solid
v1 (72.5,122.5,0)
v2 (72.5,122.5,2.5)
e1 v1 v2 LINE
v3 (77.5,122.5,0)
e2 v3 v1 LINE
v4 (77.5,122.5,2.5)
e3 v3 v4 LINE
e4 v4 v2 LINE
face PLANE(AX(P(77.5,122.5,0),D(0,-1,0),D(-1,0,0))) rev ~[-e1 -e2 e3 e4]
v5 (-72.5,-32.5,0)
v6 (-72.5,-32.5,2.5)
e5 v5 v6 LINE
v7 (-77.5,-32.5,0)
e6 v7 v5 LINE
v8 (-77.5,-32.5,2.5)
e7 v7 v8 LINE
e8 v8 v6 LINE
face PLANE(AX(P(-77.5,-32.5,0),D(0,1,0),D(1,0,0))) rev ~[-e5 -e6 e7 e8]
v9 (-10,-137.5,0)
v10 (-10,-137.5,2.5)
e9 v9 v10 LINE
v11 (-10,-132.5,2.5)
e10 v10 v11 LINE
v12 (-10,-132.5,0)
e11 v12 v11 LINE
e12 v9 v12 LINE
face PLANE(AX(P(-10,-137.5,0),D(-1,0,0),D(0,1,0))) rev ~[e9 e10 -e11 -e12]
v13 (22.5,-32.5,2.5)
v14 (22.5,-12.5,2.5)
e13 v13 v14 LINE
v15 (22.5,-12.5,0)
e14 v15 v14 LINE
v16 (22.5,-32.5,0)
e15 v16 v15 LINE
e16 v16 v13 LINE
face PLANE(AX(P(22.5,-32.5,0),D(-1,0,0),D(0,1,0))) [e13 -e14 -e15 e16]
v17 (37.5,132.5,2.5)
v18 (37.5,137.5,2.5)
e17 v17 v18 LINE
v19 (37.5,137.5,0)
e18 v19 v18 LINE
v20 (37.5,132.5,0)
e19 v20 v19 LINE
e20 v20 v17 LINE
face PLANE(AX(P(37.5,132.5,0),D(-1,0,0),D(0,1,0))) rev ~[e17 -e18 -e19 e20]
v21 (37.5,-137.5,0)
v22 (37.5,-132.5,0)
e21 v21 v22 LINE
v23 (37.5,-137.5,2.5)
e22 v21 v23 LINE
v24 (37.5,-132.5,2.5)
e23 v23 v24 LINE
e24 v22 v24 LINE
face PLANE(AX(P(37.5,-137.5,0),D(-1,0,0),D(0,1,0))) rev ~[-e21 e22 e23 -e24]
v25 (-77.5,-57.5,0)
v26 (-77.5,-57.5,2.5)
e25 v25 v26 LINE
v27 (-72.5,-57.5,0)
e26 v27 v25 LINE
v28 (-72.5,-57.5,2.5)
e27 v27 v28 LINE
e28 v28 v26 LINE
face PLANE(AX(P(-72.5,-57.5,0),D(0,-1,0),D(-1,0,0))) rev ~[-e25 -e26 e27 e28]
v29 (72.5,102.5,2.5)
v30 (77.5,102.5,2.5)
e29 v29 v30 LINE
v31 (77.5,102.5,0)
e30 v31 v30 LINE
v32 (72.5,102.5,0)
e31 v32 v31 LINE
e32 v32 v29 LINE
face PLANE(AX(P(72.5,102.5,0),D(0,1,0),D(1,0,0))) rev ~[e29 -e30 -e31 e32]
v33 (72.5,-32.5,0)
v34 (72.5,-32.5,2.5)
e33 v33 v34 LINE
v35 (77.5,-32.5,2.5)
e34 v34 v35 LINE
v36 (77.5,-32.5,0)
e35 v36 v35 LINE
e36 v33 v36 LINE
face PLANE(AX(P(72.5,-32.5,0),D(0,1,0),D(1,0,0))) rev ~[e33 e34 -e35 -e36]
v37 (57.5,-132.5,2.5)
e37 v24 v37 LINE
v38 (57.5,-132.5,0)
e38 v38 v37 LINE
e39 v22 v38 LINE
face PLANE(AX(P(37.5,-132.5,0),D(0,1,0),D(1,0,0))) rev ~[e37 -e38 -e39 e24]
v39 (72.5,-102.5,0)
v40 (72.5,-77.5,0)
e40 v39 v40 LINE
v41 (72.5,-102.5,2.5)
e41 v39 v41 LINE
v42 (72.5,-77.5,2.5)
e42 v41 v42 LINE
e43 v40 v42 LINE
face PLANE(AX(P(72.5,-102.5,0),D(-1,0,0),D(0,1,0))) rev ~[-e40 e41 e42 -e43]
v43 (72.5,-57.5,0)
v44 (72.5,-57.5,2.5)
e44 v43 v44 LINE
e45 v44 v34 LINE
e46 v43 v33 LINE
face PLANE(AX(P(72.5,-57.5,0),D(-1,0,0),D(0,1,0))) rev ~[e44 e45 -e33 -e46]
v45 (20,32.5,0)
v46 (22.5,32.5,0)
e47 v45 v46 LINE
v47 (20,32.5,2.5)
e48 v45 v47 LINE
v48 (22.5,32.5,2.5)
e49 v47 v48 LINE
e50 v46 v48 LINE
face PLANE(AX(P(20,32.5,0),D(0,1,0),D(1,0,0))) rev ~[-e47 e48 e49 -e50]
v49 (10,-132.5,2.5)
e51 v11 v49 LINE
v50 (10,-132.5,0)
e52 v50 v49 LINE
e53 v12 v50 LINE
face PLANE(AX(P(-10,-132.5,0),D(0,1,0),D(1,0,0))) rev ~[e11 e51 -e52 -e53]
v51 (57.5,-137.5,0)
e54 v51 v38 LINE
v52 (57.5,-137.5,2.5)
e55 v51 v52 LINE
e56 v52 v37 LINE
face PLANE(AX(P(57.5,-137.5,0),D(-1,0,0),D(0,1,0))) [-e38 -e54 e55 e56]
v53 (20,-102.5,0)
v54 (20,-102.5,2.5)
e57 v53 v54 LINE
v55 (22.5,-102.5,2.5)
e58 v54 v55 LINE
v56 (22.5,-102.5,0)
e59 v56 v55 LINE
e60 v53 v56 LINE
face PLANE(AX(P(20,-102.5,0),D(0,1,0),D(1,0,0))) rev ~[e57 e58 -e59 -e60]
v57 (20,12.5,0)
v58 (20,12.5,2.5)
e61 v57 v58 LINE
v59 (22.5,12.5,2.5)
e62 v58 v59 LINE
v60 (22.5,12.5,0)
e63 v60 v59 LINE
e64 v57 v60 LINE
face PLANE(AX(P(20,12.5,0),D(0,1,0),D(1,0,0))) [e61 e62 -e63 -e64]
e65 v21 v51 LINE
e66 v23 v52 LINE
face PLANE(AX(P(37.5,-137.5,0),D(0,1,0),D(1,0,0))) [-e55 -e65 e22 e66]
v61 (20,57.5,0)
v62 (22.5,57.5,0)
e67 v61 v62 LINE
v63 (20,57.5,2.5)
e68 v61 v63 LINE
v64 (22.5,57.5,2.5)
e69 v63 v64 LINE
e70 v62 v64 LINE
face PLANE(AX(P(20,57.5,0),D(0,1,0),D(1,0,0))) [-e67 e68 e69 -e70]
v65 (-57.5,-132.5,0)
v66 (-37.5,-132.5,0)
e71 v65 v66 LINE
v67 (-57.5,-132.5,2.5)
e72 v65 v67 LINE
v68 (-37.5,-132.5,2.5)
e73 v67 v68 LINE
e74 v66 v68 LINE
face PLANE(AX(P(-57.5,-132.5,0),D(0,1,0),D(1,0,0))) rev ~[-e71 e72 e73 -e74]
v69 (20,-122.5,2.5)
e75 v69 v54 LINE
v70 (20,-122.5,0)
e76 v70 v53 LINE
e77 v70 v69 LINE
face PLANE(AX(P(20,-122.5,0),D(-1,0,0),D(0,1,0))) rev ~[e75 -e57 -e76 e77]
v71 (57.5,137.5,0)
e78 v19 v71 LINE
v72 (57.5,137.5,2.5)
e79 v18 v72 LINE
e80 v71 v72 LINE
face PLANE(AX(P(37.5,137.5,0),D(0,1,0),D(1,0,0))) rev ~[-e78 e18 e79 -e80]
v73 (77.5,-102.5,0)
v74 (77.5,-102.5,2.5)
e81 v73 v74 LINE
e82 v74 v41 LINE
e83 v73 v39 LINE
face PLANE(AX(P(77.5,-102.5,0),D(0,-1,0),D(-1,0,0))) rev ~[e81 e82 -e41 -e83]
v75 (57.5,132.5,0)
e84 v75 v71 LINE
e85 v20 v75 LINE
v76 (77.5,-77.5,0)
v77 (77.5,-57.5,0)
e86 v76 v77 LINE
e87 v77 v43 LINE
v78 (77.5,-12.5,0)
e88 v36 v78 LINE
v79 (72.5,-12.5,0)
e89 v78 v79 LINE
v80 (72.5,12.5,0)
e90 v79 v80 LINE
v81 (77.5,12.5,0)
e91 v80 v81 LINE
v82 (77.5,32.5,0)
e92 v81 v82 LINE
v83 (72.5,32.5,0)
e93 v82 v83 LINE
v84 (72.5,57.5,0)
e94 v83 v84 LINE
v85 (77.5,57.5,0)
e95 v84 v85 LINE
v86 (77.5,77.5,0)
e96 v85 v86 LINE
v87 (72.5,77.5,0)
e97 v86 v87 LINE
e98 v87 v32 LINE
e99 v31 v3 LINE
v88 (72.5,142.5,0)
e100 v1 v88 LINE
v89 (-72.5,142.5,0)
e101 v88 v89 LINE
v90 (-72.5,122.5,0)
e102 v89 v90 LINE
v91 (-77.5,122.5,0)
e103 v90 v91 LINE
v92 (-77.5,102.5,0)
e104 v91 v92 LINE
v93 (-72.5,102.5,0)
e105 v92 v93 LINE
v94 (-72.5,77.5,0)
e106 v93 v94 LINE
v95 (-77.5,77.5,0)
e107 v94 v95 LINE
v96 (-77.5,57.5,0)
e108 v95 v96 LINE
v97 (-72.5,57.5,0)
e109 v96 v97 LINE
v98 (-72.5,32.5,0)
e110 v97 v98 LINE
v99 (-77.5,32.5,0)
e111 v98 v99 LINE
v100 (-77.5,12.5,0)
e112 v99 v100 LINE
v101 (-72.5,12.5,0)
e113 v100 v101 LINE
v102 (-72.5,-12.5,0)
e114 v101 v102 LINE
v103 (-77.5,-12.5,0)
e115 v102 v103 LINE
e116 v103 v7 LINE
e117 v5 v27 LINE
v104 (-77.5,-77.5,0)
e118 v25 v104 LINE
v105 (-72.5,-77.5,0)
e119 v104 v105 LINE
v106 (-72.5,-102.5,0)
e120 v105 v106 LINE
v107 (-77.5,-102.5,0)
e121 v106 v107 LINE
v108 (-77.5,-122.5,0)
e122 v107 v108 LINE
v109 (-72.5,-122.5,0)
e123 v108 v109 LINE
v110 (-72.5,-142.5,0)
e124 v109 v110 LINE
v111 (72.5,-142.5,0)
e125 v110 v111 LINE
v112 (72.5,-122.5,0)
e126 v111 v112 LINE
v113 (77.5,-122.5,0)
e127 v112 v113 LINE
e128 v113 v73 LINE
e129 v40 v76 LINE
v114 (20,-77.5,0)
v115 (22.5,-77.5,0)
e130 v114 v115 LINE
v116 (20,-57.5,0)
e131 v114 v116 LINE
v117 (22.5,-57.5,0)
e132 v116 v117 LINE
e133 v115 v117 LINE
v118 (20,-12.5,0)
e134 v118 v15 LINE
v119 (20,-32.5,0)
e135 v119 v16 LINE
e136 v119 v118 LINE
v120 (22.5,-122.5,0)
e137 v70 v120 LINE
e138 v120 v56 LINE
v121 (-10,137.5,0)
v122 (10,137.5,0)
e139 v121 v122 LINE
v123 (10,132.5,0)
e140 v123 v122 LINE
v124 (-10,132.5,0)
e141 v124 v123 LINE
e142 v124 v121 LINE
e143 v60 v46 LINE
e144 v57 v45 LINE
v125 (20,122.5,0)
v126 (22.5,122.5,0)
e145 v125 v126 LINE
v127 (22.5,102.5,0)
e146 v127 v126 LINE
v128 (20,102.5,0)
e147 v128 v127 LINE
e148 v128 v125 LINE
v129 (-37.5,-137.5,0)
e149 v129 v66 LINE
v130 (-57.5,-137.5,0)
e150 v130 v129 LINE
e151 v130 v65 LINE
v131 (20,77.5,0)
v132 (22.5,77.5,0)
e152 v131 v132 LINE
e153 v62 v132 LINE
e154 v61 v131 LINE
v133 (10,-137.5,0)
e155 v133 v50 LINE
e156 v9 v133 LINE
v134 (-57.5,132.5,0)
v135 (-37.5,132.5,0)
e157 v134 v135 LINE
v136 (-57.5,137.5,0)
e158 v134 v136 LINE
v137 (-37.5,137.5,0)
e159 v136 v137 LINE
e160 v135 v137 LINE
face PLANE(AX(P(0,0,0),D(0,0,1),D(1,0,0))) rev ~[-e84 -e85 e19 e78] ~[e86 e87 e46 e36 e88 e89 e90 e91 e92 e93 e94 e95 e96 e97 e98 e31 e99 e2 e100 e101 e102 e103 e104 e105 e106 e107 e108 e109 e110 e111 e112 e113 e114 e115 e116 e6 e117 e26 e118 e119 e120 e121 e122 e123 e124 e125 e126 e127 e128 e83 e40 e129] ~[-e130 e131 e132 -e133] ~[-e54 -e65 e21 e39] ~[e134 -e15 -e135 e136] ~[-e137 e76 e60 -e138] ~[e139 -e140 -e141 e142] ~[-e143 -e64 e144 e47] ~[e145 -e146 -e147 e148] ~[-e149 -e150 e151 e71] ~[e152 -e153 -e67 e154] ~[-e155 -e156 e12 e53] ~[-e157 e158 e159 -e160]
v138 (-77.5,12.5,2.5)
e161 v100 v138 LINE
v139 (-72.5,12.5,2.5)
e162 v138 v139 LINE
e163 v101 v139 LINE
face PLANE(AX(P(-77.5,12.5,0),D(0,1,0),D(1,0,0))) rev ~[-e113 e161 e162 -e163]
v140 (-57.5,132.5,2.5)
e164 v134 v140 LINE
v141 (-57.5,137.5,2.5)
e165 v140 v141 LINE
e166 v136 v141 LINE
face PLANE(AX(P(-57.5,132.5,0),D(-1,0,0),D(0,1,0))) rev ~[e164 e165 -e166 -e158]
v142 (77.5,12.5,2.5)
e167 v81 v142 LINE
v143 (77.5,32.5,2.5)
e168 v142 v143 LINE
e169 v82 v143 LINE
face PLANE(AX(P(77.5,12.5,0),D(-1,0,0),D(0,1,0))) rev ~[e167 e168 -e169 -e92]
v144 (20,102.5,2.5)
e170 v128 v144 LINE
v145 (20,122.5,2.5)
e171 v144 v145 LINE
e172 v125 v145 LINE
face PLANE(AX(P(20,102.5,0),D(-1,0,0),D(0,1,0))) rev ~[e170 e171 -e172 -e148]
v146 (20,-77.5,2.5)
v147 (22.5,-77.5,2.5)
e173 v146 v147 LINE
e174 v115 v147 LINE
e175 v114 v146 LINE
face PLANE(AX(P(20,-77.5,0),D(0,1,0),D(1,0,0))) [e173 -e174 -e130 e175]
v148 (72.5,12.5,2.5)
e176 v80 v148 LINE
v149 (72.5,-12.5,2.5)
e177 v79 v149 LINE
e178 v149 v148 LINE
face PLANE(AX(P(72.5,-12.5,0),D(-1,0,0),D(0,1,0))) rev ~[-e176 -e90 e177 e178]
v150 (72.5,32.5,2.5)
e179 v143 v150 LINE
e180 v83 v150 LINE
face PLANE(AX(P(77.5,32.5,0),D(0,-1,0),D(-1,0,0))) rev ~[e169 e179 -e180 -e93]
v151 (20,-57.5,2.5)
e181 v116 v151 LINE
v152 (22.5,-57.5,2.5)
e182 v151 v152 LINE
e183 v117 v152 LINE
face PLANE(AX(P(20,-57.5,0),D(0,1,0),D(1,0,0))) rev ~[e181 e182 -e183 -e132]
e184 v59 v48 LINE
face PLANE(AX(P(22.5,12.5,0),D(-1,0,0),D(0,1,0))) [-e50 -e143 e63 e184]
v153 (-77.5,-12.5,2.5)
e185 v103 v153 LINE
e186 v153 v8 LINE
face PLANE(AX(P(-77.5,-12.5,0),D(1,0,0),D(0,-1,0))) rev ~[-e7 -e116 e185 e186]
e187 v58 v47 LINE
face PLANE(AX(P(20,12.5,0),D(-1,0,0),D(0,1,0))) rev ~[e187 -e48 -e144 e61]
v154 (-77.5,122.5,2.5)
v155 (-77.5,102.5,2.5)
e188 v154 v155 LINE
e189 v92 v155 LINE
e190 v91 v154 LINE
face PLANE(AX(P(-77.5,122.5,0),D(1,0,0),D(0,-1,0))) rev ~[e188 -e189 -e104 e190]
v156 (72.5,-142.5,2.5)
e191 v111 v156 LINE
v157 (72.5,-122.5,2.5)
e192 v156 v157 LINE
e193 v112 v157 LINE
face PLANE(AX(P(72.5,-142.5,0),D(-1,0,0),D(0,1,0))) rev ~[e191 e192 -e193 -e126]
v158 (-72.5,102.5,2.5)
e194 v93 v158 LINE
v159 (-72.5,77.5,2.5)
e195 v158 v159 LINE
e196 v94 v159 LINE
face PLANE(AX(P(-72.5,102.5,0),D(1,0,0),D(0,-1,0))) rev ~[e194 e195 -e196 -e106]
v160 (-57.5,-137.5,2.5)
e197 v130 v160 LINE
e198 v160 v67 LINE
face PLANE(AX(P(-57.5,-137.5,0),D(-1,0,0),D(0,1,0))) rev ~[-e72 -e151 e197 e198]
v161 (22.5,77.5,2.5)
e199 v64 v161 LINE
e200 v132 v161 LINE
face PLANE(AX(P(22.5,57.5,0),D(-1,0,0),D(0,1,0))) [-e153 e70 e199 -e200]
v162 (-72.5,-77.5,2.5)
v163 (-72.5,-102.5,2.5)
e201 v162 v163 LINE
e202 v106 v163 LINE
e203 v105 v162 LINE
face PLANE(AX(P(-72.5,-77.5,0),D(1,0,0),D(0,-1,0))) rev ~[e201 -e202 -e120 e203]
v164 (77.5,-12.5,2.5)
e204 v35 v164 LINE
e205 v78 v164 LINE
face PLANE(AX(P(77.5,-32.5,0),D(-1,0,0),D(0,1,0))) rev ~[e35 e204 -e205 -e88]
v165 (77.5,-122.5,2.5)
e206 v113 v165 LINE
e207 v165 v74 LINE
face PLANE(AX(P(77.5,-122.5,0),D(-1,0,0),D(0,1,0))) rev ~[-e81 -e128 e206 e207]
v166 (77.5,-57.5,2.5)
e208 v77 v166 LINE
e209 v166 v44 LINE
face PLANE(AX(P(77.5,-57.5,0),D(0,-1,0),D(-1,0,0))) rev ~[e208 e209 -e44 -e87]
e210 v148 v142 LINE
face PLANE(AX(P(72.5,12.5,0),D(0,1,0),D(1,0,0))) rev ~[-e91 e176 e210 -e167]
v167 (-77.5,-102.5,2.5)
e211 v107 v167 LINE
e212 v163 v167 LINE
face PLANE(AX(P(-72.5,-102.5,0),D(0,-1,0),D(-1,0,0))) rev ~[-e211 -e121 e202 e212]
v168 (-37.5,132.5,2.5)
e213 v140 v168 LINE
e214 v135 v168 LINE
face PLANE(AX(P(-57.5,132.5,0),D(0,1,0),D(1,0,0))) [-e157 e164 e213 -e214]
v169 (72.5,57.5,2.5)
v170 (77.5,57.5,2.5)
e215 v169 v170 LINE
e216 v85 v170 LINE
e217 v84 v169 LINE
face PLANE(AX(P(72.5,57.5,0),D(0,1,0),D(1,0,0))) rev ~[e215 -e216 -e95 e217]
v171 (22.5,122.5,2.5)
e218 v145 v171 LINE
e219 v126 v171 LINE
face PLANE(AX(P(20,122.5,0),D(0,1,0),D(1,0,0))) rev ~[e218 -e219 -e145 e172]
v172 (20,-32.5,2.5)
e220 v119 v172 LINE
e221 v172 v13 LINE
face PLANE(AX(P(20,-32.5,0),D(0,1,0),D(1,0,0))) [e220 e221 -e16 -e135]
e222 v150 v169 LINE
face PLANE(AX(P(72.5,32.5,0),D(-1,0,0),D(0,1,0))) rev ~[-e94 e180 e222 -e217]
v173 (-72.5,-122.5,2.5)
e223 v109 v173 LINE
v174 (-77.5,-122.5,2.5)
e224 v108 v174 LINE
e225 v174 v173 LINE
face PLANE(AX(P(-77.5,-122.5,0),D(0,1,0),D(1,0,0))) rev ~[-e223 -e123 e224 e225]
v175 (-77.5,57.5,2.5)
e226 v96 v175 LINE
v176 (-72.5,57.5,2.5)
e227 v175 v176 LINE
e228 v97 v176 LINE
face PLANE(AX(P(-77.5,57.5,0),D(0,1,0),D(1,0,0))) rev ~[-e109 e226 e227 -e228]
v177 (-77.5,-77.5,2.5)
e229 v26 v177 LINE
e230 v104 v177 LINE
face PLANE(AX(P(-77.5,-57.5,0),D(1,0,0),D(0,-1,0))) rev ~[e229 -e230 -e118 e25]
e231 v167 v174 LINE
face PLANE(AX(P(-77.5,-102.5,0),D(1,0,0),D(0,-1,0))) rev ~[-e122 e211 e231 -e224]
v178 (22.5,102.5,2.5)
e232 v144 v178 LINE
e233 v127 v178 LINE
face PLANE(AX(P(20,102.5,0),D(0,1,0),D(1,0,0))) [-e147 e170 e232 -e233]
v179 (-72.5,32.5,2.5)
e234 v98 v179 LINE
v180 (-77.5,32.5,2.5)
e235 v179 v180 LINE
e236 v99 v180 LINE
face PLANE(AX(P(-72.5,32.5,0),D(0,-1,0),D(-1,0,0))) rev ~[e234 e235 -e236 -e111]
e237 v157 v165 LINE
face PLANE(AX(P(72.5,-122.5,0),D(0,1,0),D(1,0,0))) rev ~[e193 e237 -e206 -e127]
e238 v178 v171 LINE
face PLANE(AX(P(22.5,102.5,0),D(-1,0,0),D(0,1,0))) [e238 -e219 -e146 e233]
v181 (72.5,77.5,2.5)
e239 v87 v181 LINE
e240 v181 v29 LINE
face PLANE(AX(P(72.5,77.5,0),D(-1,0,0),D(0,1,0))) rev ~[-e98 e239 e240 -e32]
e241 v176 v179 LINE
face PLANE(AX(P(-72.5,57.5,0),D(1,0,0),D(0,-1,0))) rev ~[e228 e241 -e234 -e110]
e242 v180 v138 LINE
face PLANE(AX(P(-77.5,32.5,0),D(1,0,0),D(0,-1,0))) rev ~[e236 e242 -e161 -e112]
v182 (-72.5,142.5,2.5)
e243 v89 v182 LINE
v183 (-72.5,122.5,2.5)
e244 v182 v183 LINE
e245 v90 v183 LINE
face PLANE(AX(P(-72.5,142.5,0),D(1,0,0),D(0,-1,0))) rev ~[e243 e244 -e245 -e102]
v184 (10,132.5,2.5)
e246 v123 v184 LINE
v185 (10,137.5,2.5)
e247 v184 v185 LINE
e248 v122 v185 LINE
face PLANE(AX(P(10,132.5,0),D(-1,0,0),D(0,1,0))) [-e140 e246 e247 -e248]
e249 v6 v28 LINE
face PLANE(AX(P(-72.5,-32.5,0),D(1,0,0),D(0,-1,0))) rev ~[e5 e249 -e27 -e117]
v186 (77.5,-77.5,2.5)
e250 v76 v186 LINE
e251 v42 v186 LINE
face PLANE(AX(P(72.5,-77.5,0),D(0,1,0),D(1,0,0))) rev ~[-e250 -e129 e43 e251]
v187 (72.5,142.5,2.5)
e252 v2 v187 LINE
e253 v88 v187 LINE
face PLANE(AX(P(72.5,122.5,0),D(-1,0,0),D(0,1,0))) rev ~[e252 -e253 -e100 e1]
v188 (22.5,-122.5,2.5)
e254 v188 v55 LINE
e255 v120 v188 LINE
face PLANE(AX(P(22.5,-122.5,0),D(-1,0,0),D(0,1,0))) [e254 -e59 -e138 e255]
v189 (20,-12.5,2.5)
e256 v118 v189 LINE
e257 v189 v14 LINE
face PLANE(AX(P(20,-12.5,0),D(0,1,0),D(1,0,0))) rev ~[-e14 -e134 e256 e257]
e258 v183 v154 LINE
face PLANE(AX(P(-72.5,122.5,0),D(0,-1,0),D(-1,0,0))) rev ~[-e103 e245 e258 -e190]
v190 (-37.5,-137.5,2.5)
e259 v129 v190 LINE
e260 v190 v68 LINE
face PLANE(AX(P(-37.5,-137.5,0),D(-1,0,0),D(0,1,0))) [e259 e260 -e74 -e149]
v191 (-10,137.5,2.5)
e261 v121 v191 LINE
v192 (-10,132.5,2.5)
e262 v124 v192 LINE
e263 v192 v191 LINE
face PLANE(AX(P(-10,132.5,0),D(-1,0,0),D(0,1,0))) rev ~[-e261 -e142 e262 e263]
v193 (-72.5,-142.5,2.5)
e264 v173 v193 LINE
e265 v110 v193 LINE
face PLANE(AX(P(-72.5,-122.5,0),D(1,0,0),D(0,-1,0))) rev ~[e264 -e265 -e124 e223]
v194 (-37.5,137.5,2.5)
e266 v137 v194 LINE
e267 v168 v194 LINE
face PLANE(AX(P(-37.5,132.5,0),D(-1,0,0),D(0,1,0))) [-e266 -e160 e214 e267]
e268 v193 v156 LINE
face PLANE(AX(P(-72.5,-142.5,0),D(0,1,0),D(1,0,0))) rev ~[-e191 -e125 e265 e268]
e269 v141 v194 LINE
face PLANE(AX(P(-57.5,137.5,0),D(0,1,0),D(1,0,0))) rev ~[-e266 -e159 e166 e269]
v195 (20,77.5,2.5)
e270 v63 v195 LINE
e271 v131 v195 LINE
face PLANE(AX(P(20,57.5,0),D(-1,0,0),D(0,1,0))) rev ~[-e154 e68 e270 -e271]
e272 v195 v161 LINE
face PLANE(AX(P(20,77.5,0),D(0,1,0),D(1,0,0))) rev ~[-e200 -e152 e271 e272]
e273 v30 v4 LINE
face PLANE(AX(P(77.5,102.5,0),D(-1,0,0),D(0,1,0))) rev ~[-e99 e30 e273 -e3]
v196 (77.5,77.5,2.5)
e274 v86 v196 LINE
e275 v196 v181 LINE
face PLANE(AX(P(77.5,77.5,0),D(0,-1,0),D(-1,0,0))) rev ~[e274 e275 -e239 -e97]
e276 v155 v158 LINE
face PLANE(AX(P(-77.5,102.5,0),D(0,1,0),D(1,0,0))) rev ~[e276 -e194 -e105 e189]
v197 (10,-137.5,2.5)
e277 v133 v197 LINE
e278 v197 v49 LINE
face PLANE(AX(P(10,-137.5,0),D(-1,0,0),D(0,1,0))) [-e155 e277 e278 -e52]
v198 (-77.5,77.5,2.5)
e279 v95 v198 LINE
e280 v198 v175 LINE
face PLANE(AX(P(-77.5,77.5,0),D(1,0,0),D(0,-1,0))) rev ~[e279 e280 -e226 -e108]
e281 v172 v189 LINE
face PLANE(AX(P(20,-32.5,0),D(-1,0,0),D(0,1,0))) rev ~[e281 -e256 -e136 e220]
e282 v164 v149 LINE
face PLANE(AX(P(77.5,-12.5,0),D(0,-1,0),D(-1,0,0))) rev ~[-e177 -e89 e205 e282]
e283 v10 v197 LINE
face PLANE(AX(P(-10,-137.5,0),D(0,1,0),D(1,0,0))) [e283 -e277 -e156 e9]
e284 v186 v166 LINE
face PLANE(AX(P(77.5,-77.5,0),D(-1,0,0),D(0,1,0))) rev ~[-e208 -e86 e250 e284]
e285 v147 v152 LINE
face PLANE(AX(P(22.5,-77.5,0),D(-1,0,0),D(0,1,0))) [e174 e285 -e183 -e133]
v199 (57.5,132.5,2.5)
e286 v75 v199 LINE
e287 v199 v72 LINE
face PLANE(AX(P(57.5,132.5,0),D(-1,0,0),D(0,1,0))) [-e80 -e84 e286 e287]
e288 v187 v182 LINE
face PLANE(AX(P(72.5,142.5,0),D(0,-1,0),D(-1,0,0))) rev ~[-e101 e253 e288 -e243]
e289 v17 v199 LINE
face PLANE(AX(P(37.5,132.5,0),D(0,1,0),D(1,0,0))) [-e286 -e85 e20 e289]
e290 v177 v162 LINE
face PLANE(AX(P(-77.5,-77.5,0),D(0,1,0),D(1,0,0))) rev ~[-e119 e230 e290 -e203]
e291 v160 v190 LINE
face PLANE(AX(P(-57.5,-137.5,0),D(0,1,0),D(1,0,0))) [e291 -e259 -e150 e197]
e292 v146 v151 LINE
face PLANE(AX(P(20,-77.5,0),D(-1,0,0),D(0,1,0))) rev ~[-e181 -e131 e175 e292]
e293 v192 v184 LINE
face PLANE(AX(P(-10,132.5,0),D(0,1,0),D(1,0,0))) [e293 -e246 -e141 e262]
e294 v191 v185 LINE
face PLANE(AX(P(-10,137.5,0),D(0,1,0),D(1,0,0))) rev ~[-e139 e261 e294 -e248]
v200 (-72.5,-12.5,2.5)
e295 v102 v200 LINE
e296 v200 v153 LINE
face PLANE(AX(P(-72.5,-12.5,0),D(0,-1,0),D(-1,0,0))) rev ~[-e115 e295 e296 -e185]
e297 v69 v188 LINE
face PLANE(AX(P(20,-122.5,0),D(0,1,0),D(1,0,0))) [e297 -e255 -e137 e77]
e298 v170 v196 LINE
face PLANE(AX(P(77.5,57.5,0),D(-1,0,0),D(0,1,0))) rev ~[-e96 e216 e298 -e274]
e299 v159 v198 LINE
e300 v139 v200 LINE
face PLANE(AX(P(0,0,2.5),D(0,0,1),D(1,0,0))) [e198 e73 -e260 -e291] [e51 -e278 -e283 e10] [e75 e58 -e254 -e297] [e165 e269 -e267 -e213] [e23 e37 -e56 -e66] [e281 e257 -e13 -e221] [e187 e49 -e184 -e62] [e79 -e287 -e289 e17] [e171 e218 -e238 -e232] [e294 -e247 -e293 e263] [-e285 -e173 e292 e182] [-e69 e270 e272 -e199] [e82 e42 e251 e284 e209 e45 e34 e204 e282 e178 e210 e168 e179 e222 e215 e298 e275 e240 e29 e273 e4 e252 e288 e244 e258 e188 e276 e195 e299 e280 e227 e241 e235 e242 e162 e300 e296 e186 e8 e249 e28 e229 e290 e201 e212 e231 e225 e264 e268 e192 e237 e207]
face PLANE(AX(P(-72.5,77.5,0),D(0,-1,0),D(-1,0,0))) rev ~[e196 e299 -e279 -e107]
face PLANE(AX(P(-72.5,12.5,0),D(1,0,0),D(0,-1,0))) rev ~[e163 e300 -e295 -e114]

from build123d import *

# Parameters (mm, degrees)
SKETCH1_W           = 20
SKETCH1_H           = 5
SKETCH1_W_2         = 2.5
SKETCH1_H_2         = 20
BOSS_EXTRUDE1_DEPTH = 2.5


with BuildPart() as part:
    # Sketch1 → Boss-Extrude1 (new body)
    with BuildSketch(Plane.XY):
        Polygon((-72.5, 122.5), (-77.5, 122.5), (-77.5, 102.5), (-72.5, 102.5), (-72.5, 77.5), (-77.5, 77.5), (-77.5, 57.5), (-72.5, 57.5), (-72.5, 32.5), (-77.5, 32.5), (-77.5, 12.5), (-72.5, 12.5), (-72.5, -12.5), (-77.5, -12.5), (-77.5, -32.5), (-72.5, -32.5), (-72.5, -57.5), (-77.5, -57.5), (-77.5, -77.5), (-72.5, -77.5), (-72.5, -102.5), (-77.5, -102.5), (-77.5, -122.5), (-72.5, -122.5), (-72.5, -142.5), (72.5, -142.5), (72.5, -122.5), (77.5, -122.5), (77.5, -102.5), (72.5, -102.5), (72.5, -77.5), (77.5, -77.5), (77.5, -57.5), (72.5, -57.5), (72.5, -32.5), (77.5, -32.5), (77.5, -12.5), (72.5, -12.5), (72.5, 12.5), (77.5, 12.5), (77.5, 32.5), (72.5, 32.5), (72.5, 57.5), (77.5, 57.5), (77.5, 77.5), (72.5, 77.5), (72.5, 102.5), (77.5, 102.5), (77.5, 122.5), (72.5, 122.5), (72.5, 142.5), (-72.5, 142.5), align=None)
        with Locations((-47.5, 135)):
            Rectangle(SKETCH1_W, SKETCH1_H, mode=Mode.SUBTRACT)
        with Locations((-47.5, -135)):
            Rectangle(SKETCH1_W, SKETCH1_H, mode=Mode.SUBTRACT)
        with Locations((0, 135)):
            Rectangle(SKETCH1_W, SKETCH1_H, mode=Mode.SUBTRACT)
        with Locations((0, -135)):
            Rectangle(SKETCH1_W, SKETCH1_H, mode=Mode.SUBTRACT)
        with Locations((47.5, 135)):
            Rectangle(SKETCH1_W, SKETCH1_H, mode=Mode.SUBTRACT)
        with Locations((47.5, -135)):
            Rectangle(SKETCH1_W, SKETCH1_H, mode=Mode.SUBTRACT)
        with Locations((21.25, 67.5)):
            Rectangle(SKETCH1_W_2, SKETCH1_H_2, mode=Mode.SUBTRACT)
        with Locations((21.25, 112.5)):
            Rectangle(SKETCH1_W_2, SKETCH1_H_2, mode=Mode.SUBTRACT)
        with Locations((21.25, 22.5)):
            Rectangle(SKETCH1_W_2, SKETCH1_H_2, mode=Mode.SUBTRACT)
        with Locations((21.25, -22.5)):
            Rectangle(SKETCH1_W_2, SKETCH1_H_2, mode=Mode.SUBTRACT)
        with Locations((21.25, -67.5)):
            Rectangle(SKETCH1_W_2, SKETCH1_H_2, mode=Mode.SUBTRACT)
        with Locations((21.25, -112.5)):
            Rectangle(SKETCH1_W_2, SKETCH1_H_2, mode=Mode.SUBTRACT)
    extrude(amount=BOSS_EXTRUDE1_DEPTH)


solid = part.part
